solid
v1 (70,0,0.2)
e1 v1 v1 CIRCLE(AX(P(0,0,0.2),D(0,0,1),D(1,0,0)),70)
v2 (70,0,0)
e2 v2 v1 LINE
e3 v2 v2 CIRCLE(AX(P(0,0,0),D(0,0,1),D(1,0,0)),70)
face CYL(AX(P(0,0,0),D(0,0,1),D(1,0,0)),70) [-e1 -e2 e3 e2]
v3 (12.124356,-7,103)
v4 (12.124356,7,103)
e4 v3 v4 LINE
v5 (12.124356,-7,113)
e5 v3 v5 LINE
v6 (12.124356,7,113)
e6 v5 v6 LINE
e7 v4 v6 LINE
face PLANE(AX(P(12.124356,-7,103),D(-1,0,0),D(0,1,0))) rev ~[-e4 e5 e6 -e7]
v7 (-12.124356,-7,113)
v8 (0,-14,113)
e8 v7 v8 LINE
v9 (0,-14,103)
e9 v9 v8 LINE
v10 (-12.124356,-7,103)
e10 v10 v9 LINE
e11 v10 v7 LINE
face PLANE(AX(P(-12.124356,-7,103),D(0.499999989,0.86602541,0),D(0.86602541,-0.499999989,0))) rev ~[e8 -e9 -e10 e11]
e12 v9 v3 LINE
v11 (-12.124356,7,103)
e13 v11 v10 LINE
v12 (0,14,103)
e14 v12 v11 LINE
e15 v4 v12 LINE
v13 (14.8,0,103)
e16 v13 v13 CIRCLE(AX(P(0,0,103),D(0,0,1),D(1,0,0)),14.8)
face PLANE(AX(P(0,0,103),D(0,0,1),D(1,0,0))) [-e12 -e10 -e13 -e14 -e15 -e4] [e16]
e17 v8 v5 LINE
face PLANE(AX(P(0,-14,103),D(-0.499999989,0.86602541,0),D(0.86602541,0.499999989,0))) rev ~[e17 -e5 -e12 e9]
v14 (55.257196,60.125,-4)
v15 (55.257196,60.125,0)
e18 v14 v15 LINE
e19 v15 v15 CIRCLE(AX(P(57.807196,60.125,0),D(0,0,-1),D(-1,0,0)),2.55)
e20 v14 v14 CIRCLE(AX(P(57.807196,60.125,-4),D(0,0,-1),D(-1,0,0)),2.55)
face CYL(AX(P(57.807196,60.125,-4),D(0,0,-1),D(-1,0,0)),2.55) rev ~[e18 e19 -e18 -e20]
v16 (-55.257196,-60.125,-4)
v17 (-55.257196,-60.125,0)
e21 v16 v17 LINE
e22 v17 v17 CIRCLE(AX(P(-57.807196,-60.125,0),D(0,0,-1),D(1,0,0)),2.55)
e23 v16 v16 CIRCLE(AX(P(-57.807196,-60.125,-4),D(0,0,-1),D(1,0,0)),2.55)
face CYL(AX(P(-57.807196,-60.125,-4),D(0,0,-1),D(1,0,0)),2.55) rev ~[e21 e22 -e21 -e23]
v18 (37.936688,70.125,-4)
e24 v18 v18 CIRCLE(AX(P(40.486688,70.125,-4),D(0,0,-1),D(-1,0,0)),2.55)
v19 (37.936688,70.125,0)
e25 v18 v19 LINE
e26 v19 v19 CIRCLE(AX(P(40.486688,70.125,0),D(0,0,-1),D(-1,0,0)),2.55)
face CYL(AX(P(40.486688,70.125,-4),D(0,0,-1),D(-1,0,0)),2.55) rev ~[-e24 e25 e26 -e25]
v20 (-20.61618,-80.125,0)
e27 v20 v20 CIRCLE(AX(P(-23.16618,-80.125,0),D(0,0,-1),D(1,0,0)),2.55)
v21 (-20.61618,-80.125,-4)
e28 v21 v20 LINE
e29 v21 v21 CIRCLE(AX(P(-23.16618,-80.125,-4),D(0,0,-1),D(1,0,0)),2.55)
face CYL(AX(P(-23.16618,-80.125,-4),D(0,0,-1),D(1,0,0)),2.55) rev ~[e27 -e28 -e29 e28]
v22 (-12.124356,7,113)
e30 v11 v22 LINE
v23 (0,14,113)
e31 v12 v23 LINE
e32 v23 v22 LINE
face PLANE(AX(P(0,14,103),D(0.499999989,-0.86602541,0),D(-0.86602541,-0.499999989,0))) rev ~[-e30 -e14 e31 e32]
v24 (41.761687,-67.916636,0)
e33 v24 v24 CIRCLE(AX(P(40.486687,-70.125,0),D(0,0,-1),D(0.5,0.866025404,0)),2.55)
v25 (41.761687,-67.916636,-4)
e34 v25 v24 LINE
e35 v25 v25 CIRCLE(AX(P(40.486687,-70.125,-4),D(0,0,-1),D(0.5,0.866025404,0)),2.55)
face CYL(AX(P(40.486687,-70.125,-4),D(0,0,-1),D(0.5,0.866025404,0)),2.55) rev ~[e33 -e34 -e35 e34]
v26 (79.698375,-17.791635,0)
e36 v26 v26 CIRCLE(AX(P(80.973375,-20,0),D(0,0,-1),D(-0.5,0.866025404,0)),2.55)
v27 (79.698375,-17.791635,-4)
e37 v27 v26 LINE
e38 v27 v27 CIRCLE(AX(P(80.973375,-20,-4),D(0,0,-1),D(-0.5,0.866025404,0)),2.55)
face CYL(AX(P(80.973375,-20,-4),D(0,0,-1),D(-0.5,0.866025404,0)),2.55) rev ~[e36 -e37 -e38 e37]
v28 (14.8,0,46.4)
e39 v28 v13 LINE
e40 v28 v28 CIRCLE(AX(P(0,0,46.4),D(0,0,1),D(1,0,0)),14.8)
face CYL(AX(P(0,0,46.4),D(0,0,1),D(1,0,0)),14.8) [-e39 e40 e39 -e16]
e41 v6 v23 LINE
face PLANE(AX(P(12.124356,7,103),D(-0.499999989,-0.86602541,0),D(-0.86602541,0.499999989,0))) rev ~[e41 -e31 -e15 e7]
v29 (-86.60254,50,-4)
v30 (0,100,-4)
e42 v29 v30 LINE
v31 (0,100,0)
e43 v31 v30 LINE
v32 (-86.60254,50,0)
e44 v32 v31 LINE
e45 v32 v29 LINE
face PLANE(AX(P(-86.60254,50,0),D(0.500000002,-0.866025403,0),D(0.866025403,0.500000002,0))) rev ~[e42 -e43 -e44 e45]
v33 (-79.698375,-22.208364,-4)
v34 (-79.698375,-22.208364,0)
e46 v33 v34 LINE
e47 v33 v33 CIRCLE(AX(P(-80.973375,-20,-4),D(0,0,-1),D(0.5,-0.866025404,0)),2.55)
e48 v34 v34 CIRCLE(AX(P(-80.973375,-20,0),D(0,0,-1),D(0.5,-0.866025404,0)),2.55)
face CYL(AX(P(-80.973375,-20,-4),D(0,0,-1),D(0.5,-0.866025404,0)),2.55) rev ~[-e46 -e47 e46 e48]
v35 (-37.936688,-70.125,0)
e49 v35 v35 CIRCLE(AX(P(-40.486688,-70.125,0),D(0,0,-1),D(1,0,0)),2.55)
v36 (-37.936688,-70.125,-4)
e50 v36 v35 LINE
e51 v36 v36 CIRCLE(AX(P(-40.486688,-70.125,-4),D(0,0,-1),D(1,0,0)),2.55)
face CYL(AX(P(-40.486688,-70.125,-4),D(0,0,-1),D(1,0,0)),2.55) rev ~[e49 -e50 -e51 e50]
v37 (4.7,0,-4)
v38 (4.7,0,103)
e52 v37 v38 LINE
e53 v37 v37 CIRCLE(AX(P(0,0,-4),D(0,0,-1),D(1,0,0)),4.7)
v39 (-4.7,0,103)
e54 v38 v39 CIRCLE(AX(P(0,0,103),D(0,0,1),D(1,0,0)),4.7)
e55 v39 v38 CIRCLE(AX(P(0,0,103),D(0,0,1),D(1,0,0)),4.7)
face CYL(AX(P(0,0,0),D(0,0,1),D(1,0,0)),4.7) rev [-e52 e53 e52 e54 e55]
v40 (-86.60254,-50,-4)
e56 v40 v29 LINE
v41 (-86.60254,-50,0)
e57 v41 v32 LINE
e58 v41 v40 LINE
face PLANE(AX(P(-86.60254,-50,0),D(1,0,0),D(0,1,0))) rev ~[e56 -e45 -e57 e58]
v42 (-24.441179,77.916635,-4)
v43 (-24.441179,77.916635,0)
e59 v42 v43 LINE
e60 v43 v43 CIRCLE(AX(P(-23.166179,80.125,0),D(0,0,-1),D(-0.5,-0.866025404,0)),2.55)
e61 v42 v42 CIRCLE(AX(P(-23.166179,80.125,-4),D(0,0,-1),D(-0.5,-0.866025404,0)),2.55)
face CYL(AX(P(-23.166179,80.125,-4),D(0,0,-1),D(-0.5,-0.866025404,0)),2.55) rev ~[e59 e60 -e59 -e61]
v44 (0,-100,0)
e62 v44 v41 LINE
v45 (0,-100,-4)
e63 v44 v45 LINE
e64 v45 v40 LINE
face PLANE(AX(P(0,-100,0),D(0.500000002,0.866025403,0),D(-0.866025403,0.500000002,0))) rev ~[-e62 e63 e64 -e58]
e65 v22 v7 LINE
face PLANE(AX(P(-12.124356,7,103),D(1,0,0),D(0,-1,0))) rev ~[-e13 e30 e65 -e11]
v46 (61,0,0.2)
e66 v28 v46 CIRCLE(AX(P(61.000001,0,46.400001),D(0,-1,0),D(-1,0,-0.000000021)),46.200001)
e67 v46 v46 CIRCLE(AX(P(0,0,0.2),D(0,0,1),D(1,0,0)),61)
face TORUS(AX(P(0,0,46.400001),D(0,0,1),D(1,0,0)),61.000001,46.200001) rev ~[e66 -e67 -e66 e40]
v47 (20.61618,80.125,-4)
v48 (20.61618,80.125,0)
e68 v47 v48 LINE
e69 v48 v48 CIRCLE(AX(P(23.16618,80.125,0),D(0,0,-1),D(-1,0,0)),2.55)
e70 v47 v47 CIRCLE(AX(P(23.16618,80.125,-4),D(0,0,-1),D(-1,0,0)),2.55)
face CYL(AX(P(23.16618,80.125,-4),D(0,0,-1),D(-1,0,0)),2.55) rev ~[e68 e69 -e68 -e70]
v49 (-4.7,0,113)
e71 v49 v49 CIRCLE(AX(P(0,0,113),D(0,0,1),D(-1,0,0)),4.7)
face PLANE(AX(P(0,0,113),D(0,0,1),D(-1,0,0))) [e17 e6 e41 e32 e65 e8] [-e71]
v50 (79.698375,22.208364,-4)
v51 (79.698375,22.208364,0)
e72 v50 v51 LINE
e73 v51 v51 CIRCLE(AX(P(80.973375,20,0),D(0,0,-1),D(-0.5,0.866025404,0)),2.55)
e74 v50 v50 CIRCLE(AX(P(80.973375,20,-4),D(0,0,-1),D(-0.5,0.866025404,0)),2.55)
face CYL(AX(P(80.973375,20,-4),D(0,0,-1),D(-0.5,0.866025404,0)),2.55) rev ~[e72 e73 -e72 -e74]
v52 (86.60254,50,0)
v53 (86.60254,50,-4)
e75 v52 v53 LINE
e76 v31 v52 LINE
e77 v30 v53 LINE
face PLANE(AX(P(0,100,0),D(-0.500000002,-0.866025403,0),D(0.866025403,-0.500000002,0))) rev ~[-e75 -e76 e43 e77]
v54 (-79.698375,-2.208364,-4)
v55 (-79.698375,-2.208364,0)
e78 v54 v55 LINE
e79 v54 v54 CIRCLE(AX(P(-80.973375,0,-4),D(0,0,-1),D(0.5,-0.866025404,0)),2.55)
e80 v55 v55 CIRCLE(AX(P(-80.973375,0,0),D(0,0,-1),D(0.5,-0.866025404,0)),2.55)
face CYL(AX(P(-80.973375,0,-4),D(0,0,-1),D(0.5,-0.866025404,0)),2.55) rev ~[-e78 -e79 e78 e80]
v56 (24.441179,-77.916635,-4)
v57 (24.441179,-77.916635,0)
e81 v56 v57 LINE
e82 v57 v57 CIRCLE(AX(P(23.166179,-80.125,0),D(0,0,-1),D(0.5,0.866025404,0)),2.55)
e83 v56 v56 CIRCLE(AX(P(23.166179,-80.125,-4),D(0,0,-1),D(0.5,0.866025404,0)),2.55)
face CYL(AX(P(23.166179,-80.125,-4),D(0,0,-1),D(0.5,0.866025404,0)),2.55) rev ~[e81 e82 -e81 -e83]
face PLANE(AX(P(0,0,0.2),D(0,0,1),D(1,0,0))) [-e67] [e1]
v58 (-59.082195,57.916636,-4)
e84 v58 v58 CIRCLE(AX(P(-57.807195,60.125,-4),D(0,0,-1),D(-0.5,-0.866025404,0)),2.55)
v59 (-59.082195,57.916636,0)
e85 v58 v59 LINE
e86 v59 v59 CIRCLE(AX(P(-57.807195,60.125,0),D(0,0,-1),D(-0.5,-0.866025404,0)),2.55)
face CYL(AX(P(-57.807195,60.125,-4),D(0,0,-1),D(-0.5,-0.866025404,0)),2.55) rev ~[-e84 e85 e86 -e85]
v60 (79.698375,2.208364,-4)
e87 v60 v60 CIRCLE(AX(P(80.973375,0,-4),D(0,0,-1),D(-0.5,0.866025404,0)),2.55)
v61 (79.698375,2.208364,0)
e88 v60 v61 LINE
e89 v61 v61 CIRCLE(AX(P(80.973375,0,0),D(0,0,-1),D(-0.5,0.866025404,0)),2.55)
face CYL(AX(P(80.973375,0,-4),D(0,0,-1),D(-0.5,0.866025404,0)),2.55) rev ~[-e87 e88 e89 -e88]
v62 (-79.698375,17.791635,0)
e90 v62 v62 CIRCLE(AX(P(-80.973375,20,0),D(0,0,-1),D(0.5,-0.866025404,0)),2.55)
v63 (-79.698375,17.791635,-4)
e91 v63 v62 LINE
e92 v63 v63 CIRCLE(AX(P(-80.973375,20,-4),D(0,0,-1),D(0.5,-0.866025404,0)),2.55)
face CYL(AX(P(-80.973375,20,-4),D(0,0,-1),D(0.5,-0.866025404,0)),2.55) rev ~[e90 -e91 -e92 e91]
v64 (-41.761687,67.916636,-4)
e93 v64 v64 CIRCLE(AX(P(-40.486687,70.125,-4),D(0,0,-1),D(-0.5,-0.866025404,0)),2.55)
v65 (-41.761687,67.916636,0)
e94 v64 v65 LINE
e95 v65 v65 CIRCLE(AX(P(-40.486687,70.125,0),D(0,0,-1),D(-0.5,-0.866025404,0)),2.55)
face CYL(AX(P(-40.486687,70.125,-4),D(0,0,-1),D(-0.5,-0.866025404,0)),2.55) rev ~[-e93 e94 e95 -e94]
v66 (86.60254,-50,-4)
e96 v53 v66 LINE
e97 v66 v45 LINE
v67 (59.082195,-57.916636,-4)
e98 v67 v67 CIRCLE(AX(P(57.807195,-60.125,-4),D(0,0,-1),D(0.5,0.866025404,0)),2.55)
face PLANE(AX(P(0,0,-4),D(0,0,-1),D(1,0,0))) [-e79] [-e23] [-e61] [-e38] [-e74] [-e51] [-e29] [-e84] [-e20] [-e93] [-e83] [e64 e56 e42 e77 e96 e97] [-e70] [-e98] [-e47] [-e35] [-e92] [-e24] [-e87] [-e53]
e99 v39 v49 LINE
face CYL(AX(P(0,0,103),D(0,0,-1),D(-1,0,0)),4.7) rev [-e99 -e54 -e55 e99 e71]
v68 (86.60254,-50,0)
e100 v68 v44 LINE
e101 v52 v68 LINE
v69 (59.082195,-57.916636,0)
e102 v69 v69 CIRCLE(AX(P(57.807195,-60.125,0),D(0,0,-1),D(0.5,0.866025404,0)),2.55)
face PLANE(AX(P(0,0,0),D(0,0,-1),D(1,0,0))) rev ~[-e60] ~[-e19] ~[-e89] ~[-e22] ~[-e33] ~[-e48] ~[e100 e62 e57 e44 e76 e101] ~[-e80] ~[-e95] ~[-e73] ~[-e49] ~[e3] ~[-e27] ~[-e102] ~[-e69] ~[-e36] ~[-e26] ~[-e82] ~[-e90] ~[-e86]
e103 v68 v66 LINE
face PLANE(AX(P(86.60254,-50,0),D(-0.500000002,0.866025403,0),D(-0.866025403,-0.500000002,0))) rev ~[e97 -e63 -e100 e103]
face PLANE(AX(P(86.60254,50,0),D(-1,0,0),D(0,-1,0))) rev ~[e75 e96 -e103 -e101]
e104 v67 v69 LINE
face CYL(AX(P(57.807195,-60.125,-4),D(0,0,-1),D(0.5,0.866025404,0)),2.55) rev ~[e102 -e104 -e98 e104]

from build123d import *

# Parameters (mm, degrees)
SKETCH001_R        = 4.7
PAD_DEPTH          = 4
SKETCH002_R        = 4.7
PAD001_DEPTH       = 10
SKETCH003_R        = 2.55
POCKET_DEPTH       = 5
POLARPATTERN_COUNT = 6


with BuildPart() as part:
    # Sketch → Revolution (revolve)
    with BuildSketch(Plane.XZ):
        with BuildLine():
            Line((14.8, 46.4), (14.8, 103))
            Line((14.8, 103), (4.7, 103))
            Line((4.7, 103), (4.7, 0))
            Line((4.7, 0), (70, 0))
            Line((70, 0), (70, 0.2))
            Line((70, 0.2), (61, 0.2))
            ThreePointArc((14.8, 46.4), (28.331667, 13.731667), (61, 0.2))
        make_face()
    revolve(axis=Axis((0, 0, 0), (0, 0, 1)))

    # Sketch001 (on Face4 of Revolution) → Pad (new body)
    with BuildSketch(Plane(origin=(0, 0, 0), x_dir=(1, 0, 0), z_dir=(0, 0, -1))):
        Polygon((0, 100), (-86.60254, 50), (-86.60254, -50), (0, -100), (86.60254, -50), (86.60254, 50), align=None)
        Circle(SKETCH001_R, mode=Mode.SUBTRACT)
    extrude(amount=PAD_DEPTH)

    # Sketch002 (on Face3 of Pad) → Pad001 (join)
    with BuildSketch(Plane(origin=(0, 0, 103), x_dir=(-1, 0, 0), z_dir=(0, 0, 1))):
        Polygon((0, 14), (-12.124356, 7), (-12.124356, -7), (0, -14), (12.124356, -7), (12.124356, 7), align=None)
        Circle(SKETCH002_R, mode=Mode.SUBTRACT)
    extrude(amount=PAD001_DEPTH)

    # Sketch003 (on Face28 of Pad001) → Pocket (cut)
    with BuildSketch(Plane(origin=(0, 0, -4), x_dir=(1, 0, 0), z_dir=(0, 0, -1))):
        with Locations((-57.807196, 60.125)):
            Circle(SKETCH003_R)
        with Locations((-40.486688, 70.125)):
            Circle(SKETCH003_R)
        with Locations((-23.16618, 80.125)):
            Circle(SKETCH003_R)
    pocket = extrude(amount=-POCKET_DEPTH, mode=Mode.SUBTRACT)

    # PolarPattern: Pocket ×6 about axis
    polarpattern_axis = Axis((0, 0, -4), (0, 0, -1))
    for i in range(1, POLARPATTERN_COUNT):
        add(pocket.rotate(polarpattern_axis, i * 360 / POLARPATTERN_COUNT), mode=Mode.SUBTRACT)


solid = part.part
